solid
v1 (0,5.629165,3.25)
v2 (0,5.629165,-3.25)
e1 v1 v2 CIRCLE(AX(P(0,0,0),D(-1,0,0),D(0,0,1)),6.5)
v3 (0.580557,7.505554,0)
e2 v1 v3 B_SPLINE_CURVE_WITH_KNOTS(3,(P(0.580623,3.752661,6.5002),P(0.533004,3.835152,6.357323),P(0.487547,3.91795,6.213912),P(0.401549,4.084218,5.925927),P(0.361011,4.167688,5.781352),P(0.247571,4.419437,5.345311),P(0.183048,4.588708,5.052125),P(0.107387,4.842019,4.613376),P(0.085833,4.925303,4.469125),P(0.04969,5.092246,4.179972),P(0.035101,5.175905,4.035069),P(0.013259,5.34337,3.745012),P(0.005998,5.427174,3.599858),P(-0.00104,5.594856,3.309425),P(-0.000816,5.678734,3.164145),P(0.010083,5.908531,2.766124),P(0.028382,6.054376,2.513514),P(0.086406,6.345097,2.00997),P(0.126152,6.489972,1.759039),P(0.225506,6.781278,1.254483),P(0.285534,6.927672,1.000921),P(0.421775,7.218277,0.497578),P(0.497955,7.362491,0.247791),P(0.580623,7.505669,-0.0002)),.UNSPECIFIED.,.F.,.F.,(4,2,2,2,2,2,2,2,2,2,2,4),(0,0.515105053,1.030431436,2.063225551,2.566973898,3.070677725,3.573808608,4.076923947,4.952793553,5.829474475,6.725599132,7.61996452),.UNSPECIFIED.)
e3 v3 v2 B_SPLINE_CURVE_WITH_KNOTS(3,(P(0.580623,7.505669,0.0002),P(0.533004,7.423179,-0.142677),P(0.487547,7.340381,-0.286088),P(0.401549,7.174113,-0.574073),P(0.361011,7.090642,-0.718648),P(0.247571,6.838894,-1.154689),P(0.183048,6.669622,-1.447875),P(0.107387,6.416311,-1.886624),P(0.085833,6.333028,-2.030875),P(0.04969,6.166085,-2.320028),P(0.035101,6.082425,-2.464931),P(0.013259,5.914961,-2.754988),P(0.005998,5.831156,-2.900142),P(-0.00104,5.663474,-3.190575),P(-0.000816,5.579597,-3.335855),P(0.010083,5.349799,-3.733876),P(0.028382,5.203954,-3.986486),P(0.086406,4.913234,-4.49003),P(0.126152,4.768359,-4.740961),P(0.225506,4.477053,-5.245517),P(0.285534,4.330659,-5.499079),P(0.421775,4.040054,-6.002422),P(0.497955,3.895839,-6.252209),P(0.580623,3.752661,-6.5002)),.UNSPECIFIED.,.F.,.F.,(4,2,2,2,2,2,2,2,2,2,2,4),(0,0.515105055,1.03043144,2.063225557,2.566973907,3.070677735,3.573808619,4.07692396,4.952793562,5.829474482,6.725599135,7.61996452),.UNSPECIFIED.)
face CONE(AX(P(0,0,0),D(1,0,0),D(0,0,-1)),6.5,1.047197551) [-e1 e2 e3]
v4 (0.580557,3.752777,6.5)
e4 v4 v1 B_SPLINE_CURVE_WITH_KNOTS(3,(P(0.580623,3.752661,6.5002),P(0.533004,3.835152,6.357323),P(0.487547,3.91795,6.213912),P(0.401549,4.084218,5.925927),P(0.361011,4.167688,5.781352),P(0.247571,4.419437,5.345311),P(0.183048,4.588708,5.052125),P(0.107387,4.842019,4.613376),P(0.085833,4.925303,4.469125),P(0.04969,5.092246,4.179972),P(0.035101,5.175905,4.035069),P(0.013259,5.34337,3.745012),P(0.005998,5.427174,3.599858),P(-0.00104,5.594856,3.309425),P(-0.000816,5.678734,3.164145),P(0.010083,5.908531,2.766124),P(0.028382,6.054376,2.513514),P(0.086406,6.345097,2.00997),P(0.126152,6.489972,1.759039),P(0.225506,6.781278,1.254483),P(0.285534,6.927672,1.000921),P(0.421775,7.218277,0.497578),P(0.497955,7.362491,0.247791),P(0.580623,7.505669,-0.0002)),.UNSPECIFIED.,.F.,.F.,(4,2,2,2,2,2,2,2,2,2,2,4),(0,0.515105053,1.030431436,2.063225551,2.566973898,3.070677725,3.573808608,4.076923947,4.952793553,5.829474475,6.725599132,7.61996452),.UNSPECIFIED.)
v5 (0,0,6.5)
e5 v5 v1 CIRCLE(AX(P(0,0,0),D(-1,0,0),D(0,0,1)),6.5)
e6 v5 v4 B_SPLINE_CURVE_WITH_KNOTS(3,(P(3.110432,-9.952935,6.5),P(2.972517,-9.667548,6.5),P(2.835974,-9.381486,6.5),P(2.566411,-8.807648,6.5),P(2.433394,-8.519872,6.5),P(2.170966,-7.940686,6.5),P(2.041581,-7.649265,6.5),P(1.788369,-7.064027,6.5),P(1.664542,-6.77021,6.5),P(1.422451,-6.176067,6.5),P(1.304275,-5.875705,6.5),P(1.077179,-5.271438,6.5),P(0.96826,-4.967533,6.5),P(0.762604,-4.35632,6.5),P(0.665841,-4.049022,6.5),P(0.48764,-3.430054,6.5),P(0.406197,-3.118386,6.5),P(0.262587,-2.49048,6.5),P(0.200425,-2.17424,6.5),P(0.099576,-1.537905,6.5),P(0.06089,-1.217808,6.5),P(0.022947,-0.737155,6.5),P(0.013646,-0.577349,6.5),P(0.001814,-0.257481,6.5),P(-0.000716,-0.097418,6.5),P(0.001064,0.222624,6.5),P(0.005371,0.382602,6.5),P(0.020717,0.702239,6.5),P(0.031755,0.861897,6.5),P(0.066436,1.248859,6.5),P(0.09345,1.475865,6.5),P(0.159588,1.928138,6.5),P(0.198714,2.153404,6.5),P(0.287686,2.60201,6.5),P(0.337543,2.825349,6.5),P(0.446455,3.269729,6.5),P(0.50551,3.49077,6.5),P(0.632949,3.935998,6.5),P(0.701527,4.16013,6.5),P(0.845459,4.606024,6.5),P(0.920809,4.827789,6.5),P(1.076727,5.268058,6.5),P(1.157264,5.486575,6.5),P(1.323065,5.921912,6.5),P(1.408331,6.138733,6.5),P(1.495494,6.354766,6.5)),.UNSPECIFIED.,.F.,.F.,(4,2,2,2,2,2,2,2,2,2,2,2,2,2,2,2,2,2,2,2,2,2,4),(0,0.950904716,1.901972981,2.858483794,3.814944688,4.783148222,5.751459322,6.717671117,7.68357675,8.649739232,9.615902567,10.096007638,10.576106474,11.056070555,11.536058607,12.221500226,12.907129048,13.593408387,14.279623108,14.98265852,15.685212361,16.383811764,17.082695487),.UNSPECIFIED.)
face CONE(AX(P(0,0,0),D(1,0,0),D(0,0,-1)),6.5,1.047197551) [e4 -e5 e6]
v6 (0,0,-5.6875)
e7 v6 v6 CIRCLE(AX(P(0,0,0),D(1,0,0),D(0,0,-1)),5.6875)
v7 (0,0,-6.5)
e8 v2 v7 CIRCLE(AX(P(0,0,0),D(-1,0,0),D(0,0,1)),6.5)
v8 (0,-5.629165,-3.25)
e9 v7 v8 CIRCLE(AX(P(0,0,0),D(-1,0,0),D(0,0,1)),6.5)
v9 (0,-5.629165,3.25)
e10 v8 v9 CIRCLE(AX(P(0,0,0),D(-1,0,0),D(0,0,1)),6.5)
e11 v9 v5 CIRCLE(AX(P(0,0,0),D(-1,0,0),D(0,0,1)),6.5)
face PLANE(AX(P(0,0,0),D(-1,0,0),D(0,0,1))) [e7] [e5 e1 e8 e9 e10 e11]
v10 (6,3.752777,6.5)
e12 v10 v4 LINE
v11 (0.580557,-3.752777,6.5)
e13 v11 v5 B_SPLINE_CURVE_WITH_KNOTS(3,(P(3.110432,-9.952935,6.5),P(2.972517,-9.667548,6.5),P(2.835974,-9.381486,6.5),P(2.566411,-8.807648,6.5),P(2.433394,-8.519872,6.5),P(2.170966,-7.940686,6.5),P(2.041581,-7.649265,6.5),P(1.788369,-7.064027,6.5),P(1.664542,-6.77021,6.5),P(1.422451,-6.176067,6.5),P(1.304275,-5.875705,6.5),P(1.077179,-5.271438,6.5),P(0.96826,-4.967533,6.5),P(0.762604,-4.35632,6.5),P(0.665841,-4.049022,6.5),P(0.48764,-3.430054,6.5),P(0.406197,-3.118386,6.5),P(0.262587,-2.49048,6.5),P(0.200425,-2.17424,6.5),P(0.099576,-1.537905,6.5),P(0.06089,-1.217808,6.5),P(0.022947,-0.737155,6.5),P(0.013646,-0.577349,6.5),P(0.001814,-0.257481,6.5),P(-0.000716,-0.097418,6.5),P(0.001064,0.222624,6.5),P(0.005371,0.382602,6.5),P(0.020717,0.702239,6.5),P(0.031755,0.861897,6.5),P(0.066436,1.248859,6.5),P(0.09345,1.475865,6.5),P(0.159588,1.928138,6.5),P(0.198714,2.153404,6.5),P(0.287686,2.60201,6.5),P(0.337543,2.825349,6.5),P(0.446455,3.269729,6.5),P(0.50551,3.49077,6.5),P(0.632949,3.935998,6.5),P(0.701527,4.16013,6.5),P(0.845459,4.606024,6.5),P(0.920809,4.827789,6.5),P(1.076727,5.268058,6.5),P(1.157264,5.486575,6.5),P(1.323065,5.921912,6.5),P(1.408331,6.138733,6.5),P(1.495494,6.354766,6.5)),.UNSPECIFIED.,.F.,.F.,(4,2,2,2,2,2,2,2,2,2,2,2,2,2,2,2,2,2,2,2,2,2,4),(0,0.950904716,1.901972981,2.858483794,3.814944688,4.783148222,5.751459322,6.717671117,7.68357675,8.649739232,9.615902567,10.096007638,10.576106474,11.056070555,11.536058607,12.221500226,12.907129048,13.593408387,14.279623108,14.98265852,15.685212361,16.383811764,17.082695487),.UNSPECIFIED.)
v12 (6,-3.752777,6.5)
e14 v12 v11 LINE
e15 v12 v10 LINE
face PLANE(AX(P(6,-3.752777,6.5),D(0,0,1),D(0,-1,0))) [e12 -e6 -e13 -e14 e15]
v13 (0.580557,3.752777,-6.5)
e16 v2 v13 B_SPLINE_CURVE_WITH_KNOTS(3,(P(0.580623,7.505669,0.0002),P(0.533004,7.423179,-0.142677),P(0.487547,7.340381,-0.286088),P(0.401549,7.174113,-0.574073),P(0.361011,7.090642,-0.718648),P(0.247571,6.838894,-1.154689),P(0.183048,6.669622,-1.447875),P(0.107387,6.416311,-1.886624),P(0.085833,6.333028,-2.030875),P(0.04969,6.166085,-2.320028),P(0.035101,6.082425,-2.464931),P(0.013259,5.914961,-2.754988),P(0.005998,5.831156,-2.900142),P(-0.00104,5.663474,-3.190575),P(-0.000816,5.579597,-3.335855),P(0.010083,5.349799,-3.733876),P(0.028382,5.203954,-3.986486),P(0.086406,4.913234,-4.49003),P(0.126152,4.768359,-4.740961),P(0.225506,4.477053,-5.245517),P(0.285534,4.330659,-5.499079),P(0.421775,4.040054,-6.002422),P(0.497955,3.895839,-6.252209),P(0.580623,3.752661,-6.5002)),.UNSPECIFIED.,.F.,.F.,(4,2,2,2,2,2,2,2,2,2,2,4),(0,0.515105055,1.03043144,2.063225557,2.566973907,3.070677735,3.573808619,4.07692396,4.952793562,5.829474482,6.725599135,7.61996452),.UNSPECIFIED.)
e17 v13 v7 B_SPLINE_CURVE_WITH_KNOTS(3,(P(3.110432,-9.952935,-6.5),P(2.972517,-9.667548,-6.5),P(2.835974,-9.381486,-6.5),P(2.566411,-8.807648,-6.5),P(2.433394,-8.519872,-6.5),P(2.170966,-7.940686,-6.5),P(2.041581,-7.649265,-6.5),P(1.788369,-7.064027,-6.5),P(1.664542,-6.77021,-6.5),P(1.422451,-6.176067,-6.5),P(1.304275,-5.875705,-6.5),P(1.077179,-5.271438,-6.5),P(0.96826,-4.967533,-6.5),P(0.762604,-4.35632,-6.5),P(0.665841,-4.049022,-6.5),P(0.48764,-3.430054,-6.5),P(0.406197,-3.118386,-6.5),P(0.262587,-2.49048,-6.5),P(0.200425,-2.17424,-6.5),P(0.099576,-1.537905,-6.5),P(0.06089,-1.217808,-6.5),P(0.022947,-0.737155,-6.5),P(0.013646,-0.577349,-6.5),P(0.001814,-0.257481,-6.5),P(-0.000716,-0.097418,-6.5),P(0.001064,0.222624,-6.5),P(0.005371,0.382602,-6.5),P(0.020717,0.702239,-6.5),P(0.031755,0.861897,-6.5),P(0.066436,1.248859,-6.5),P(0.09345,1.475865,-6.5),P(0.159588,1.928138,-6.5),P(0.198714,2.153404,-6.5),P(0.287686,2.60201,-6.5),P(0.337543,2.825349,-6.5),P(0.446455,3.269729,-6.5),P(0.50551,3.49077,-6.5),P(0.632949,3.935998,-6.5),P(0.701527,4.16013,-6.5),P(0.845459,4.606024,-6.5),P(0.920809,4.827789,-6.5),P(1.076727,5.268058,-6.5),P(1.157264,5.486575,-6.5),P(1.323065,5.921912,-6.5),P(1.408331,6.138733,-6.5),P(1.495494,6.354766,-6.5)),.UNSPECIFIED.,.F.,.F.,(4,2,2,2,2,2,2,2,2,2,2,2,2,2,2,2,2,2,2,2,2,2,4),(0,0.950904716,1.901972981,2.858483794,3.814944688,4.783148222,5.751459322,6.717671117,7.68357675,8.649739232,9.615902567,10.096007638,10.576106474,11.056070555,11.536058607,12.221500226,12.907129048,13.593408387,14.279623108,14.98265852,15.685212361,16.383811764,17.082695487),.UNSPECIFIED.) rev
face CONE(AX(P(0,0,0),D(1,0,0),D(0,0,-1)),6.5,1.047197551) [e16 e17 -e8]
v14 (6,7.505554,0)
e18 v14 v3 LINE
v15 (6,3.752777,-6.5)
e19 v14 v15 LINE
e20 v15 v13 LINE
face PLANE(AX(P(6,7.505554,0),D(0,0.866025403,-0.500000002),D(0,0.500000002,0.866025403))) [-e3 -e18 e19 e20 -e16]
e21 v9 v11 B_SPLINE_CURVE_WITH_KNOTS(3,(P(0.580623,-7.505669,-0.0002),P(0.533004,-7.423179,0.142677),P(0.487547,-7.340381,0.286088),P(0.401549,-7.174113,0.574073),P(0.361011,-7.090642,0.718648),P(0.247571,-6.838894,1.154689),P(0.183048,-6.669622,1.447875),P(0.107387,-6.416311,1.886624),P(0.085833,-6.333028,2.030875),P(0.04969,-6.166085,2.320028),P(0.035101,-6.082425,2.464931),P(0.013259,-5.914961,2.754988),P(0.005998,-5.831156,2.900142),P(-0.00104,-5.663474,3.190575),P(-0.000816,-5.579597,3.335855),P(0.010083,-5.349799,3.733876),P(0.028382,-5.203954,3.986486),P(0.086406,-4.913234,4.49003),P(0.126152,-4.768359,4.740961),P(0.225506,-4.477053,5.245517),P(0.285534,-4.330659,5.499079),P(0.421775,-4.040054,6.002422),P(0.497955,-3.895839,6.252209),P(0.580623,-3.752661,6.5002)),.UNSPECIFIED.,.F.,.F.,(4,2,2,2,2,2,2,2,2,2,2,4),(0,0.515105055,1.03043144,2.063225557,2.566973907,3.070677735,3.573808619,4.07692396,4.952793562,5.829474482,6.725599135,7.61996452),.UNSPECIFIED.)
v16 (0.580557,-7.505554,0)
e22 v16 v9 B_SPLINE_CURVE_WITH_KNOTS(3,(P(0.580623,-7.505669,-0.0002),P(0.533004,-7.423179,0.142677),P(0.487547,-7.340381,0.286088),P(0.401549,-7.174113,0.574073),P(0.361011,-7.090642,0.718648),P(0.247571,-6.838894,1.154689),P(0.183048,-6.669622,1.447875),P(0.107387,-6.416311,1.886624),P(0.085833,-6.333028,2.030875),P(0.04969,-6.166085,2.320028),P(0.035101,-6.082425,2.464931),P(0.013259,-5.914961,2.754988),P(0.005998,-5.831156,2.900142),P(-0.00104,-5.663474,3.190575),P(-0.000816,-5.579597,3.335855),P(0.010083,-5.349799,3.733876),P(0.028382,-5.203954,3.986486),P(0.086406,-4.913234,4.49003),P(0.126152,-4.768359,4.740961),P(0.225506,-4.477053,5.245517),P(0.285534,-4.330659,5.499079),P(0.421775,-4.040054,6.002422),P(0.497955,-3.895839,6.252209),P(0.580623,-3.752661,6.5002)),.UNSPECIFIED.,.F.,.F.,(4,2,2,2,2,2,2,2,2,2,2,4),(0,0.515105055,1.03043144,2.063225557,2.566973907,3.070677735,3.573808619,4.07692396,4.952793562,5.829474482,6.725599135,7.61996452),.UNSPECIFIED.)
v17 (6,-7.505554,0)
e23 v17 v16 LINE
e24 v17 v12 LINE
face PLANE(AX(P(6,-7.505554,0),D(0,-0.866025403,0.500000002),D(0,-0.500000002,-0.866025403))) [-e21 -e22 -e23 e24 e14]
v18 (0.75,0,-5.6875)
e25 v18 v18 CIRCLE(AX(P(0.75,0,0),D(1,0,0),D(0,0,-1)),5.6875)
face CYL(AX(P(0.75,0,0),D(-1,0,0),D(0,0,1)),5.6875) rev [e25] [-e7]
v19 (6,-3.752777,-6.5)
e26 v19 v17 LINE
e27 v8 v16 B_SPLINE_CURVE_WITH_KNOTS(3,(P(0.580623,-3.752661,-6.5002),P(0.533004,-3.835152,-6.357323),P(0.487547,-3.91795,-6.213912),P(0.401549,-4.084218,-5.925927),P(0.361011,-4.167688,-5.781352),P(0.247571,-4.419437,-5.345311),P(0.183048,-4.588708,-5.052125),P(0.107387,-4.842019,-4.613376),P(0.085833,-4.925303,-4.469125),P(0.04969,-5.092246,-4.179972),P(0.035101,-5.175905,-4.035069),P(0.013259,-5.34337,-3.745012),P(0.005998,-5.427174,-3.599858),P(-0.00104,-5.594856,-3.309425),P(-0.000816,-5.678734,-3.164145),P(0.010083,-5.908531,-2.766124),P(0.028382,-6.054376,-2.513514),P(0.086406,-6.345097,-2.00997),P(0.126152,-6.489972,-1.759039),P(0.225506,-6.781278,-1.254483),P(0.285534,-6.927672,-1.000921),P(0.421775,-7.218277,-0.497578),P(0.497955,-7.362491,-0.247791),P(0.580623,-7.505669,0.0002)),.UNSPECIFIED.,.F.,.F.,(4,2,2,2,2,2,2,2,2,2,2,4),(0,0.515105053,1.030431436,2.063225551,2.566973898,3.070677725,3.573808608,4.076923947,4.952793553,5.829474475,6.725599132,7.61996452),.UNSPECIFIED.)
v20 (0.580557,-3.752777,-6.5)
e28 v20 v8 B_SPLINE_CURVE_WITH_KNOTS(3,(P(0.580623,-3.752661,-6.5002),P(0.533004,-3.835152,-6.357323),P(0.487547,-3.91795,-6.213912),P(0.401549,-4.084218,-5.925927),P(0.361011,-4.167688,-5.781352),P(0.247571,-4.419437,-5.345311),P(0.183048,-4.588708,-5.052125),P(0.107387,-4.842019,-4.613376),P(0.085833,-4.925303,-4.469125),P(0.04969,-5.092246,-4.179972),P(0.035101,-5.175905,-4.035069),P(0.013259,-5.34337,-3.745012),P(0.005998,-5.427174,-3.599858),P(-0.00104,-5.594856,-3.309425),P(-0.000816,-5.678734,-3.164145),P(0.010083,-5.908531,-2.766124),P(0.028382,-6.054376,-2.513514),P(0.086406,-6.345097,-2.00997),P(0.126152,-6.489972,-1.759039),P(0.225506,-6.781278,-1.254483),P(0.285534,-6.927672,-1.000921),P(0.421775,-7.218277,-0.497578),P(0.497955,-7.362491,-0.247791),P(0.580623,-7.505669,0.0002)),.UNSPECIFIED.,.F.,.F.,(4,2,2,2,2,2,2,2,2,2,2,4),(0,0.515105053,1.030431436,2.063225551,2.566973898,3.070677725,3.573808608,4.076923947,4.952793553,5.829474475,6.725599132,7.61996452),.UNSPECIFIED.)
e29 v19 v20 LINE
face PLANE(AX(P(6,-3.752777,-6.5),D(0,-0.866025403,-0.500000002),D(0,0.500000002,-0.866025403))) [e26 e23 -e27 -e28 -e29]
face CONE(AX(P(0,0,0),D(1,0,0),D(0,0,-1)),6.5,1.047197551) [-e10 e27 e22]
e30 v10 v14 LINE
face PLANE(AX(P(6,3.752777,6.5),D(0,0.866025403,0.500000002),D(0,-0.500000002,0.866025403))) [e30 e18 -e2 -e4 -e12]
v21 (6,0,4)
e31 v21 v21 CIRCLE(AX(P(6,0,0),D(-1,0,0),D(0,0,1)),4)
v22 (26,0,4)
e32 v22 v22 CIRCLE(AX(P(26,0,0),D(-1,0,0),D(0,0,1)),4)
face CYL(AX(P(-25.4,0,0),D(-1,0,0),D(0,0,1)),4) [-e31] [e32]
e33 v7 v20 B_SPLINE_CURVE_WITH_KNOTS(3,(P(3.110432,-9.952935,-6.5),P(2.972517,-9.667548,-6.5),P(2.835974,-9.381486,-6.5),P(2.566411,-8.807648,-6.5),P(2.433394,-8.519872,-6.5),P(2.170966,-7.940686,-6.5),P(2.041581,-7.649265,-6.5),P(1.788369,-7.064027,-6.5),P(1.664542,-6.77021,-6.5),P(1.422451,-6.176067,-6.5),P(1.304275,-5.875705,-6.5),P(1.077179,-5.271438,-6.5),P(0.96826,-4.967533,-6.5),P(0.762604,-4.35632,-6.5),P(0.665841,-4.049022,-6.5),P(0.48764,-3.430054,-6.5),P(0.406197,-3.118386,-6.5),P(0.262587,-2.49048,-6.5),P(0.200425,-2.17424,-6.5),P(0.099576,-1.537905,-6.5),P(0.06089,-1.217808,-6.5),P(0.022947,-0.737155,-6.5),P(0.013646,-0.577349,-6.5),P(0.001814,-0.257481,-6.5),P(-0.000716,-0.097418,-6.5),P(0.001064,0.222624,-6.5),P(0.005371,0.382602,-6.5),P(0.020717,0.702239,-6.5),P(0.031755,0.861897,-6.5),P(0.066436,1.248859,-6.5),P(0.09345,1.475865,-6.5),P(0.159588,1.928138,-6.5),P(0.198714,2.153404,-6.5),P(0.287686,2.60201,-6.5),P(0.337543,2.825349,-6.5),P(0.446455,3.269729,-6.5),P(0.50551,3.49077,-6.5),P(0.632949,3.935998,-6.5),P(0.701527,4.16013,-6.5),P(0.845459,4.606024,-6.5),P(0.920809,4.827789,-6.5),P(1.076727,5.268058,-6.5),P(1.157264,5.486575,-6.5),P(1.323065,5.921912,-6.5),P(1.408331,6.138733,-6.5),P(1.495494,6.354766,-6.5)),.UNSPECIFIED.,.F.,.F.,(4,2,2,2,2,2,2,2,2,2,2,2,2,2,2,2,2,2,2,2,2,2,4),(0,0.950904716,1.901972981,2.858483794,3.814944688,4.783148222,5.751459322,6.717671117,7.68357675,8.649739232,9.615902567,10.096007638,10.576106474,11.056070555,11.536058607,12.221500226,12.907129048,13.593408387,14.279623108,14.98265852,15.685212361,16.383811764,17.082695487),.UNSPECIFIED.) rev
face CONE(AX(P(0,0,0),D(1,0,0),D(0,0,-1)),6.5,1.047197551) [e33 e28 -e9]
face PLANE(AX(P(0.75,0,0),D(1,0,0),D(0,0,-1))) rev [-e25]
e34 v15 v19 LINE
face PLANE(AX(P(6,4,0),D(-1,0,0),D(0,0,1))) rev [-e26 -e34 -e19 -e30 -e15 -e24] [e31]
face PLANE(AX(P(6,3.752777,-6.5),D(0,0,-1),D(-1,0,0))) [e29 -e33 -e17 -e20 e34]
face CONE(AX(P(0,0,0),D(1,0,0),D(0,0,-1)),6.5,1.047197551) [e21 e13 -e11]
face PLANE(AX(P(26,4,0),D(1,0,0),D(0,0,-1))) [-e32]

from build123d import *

# Parameters (mm, degrees)
HEX_DIE_START = -1e-06
SKETCH2_R     = 7.580831409
HEX_DIE_DEPTH = 6.000001
SKETCH4_R     = 5.6875
INDENT_DEPTH  = 0.75


with BuildPart() as part:
    # BodySke → Base-Revolve (revolve)
    with BuildSketch(Plane.XY, mode=Mode.PRIVATE) as base_revolve_sk:
        Polygon((6, 4), (6, 7.505773672), (0.5806837, 7.505773672), (0, 6.5), (0, 0), (26, 0), (26, 4), align=None)
    revolve(base_revolve_sk.sketch.rotate(Axis((-25.4, 0, 0), (1, 0, 0)), 90), axis=Axis((-25.4, 0, 0), (1, 0, 0)))

    # Sketch2 → Hex-Die (cut)
    with BuildSketch(Plane(origin=(0, 0, 0), x_dir=(0, 0, -1), z_dir=(1, 0, 0)).offset(HEX_DIE_START)):
        Circle(SKETCH2_R)
        Polygon((-6.5, 3.752776766), (0, 7.505553532), (6.5, 3.752776766), (6.5, -3.752776766), (0, -7.505553532), (-6.5, -3.752776766), align=None, mode=Mode.SUBTRACT)
    extrude(amount=HEX_DIE_DEPTH, mode=Mode.SUBTRACT)

    # Sketch4 → Indent (cut)
    with BuildSketch(Plane(origin=(0, 0, 0), x_dir=(0, 0, -1), z_dir=(1, 0, 0))):
        Circle(SKETCH4_R)
    extrude(amount=INDENT_DEPTH, mode=Mode.SUBTRACT)


solid = part.part
